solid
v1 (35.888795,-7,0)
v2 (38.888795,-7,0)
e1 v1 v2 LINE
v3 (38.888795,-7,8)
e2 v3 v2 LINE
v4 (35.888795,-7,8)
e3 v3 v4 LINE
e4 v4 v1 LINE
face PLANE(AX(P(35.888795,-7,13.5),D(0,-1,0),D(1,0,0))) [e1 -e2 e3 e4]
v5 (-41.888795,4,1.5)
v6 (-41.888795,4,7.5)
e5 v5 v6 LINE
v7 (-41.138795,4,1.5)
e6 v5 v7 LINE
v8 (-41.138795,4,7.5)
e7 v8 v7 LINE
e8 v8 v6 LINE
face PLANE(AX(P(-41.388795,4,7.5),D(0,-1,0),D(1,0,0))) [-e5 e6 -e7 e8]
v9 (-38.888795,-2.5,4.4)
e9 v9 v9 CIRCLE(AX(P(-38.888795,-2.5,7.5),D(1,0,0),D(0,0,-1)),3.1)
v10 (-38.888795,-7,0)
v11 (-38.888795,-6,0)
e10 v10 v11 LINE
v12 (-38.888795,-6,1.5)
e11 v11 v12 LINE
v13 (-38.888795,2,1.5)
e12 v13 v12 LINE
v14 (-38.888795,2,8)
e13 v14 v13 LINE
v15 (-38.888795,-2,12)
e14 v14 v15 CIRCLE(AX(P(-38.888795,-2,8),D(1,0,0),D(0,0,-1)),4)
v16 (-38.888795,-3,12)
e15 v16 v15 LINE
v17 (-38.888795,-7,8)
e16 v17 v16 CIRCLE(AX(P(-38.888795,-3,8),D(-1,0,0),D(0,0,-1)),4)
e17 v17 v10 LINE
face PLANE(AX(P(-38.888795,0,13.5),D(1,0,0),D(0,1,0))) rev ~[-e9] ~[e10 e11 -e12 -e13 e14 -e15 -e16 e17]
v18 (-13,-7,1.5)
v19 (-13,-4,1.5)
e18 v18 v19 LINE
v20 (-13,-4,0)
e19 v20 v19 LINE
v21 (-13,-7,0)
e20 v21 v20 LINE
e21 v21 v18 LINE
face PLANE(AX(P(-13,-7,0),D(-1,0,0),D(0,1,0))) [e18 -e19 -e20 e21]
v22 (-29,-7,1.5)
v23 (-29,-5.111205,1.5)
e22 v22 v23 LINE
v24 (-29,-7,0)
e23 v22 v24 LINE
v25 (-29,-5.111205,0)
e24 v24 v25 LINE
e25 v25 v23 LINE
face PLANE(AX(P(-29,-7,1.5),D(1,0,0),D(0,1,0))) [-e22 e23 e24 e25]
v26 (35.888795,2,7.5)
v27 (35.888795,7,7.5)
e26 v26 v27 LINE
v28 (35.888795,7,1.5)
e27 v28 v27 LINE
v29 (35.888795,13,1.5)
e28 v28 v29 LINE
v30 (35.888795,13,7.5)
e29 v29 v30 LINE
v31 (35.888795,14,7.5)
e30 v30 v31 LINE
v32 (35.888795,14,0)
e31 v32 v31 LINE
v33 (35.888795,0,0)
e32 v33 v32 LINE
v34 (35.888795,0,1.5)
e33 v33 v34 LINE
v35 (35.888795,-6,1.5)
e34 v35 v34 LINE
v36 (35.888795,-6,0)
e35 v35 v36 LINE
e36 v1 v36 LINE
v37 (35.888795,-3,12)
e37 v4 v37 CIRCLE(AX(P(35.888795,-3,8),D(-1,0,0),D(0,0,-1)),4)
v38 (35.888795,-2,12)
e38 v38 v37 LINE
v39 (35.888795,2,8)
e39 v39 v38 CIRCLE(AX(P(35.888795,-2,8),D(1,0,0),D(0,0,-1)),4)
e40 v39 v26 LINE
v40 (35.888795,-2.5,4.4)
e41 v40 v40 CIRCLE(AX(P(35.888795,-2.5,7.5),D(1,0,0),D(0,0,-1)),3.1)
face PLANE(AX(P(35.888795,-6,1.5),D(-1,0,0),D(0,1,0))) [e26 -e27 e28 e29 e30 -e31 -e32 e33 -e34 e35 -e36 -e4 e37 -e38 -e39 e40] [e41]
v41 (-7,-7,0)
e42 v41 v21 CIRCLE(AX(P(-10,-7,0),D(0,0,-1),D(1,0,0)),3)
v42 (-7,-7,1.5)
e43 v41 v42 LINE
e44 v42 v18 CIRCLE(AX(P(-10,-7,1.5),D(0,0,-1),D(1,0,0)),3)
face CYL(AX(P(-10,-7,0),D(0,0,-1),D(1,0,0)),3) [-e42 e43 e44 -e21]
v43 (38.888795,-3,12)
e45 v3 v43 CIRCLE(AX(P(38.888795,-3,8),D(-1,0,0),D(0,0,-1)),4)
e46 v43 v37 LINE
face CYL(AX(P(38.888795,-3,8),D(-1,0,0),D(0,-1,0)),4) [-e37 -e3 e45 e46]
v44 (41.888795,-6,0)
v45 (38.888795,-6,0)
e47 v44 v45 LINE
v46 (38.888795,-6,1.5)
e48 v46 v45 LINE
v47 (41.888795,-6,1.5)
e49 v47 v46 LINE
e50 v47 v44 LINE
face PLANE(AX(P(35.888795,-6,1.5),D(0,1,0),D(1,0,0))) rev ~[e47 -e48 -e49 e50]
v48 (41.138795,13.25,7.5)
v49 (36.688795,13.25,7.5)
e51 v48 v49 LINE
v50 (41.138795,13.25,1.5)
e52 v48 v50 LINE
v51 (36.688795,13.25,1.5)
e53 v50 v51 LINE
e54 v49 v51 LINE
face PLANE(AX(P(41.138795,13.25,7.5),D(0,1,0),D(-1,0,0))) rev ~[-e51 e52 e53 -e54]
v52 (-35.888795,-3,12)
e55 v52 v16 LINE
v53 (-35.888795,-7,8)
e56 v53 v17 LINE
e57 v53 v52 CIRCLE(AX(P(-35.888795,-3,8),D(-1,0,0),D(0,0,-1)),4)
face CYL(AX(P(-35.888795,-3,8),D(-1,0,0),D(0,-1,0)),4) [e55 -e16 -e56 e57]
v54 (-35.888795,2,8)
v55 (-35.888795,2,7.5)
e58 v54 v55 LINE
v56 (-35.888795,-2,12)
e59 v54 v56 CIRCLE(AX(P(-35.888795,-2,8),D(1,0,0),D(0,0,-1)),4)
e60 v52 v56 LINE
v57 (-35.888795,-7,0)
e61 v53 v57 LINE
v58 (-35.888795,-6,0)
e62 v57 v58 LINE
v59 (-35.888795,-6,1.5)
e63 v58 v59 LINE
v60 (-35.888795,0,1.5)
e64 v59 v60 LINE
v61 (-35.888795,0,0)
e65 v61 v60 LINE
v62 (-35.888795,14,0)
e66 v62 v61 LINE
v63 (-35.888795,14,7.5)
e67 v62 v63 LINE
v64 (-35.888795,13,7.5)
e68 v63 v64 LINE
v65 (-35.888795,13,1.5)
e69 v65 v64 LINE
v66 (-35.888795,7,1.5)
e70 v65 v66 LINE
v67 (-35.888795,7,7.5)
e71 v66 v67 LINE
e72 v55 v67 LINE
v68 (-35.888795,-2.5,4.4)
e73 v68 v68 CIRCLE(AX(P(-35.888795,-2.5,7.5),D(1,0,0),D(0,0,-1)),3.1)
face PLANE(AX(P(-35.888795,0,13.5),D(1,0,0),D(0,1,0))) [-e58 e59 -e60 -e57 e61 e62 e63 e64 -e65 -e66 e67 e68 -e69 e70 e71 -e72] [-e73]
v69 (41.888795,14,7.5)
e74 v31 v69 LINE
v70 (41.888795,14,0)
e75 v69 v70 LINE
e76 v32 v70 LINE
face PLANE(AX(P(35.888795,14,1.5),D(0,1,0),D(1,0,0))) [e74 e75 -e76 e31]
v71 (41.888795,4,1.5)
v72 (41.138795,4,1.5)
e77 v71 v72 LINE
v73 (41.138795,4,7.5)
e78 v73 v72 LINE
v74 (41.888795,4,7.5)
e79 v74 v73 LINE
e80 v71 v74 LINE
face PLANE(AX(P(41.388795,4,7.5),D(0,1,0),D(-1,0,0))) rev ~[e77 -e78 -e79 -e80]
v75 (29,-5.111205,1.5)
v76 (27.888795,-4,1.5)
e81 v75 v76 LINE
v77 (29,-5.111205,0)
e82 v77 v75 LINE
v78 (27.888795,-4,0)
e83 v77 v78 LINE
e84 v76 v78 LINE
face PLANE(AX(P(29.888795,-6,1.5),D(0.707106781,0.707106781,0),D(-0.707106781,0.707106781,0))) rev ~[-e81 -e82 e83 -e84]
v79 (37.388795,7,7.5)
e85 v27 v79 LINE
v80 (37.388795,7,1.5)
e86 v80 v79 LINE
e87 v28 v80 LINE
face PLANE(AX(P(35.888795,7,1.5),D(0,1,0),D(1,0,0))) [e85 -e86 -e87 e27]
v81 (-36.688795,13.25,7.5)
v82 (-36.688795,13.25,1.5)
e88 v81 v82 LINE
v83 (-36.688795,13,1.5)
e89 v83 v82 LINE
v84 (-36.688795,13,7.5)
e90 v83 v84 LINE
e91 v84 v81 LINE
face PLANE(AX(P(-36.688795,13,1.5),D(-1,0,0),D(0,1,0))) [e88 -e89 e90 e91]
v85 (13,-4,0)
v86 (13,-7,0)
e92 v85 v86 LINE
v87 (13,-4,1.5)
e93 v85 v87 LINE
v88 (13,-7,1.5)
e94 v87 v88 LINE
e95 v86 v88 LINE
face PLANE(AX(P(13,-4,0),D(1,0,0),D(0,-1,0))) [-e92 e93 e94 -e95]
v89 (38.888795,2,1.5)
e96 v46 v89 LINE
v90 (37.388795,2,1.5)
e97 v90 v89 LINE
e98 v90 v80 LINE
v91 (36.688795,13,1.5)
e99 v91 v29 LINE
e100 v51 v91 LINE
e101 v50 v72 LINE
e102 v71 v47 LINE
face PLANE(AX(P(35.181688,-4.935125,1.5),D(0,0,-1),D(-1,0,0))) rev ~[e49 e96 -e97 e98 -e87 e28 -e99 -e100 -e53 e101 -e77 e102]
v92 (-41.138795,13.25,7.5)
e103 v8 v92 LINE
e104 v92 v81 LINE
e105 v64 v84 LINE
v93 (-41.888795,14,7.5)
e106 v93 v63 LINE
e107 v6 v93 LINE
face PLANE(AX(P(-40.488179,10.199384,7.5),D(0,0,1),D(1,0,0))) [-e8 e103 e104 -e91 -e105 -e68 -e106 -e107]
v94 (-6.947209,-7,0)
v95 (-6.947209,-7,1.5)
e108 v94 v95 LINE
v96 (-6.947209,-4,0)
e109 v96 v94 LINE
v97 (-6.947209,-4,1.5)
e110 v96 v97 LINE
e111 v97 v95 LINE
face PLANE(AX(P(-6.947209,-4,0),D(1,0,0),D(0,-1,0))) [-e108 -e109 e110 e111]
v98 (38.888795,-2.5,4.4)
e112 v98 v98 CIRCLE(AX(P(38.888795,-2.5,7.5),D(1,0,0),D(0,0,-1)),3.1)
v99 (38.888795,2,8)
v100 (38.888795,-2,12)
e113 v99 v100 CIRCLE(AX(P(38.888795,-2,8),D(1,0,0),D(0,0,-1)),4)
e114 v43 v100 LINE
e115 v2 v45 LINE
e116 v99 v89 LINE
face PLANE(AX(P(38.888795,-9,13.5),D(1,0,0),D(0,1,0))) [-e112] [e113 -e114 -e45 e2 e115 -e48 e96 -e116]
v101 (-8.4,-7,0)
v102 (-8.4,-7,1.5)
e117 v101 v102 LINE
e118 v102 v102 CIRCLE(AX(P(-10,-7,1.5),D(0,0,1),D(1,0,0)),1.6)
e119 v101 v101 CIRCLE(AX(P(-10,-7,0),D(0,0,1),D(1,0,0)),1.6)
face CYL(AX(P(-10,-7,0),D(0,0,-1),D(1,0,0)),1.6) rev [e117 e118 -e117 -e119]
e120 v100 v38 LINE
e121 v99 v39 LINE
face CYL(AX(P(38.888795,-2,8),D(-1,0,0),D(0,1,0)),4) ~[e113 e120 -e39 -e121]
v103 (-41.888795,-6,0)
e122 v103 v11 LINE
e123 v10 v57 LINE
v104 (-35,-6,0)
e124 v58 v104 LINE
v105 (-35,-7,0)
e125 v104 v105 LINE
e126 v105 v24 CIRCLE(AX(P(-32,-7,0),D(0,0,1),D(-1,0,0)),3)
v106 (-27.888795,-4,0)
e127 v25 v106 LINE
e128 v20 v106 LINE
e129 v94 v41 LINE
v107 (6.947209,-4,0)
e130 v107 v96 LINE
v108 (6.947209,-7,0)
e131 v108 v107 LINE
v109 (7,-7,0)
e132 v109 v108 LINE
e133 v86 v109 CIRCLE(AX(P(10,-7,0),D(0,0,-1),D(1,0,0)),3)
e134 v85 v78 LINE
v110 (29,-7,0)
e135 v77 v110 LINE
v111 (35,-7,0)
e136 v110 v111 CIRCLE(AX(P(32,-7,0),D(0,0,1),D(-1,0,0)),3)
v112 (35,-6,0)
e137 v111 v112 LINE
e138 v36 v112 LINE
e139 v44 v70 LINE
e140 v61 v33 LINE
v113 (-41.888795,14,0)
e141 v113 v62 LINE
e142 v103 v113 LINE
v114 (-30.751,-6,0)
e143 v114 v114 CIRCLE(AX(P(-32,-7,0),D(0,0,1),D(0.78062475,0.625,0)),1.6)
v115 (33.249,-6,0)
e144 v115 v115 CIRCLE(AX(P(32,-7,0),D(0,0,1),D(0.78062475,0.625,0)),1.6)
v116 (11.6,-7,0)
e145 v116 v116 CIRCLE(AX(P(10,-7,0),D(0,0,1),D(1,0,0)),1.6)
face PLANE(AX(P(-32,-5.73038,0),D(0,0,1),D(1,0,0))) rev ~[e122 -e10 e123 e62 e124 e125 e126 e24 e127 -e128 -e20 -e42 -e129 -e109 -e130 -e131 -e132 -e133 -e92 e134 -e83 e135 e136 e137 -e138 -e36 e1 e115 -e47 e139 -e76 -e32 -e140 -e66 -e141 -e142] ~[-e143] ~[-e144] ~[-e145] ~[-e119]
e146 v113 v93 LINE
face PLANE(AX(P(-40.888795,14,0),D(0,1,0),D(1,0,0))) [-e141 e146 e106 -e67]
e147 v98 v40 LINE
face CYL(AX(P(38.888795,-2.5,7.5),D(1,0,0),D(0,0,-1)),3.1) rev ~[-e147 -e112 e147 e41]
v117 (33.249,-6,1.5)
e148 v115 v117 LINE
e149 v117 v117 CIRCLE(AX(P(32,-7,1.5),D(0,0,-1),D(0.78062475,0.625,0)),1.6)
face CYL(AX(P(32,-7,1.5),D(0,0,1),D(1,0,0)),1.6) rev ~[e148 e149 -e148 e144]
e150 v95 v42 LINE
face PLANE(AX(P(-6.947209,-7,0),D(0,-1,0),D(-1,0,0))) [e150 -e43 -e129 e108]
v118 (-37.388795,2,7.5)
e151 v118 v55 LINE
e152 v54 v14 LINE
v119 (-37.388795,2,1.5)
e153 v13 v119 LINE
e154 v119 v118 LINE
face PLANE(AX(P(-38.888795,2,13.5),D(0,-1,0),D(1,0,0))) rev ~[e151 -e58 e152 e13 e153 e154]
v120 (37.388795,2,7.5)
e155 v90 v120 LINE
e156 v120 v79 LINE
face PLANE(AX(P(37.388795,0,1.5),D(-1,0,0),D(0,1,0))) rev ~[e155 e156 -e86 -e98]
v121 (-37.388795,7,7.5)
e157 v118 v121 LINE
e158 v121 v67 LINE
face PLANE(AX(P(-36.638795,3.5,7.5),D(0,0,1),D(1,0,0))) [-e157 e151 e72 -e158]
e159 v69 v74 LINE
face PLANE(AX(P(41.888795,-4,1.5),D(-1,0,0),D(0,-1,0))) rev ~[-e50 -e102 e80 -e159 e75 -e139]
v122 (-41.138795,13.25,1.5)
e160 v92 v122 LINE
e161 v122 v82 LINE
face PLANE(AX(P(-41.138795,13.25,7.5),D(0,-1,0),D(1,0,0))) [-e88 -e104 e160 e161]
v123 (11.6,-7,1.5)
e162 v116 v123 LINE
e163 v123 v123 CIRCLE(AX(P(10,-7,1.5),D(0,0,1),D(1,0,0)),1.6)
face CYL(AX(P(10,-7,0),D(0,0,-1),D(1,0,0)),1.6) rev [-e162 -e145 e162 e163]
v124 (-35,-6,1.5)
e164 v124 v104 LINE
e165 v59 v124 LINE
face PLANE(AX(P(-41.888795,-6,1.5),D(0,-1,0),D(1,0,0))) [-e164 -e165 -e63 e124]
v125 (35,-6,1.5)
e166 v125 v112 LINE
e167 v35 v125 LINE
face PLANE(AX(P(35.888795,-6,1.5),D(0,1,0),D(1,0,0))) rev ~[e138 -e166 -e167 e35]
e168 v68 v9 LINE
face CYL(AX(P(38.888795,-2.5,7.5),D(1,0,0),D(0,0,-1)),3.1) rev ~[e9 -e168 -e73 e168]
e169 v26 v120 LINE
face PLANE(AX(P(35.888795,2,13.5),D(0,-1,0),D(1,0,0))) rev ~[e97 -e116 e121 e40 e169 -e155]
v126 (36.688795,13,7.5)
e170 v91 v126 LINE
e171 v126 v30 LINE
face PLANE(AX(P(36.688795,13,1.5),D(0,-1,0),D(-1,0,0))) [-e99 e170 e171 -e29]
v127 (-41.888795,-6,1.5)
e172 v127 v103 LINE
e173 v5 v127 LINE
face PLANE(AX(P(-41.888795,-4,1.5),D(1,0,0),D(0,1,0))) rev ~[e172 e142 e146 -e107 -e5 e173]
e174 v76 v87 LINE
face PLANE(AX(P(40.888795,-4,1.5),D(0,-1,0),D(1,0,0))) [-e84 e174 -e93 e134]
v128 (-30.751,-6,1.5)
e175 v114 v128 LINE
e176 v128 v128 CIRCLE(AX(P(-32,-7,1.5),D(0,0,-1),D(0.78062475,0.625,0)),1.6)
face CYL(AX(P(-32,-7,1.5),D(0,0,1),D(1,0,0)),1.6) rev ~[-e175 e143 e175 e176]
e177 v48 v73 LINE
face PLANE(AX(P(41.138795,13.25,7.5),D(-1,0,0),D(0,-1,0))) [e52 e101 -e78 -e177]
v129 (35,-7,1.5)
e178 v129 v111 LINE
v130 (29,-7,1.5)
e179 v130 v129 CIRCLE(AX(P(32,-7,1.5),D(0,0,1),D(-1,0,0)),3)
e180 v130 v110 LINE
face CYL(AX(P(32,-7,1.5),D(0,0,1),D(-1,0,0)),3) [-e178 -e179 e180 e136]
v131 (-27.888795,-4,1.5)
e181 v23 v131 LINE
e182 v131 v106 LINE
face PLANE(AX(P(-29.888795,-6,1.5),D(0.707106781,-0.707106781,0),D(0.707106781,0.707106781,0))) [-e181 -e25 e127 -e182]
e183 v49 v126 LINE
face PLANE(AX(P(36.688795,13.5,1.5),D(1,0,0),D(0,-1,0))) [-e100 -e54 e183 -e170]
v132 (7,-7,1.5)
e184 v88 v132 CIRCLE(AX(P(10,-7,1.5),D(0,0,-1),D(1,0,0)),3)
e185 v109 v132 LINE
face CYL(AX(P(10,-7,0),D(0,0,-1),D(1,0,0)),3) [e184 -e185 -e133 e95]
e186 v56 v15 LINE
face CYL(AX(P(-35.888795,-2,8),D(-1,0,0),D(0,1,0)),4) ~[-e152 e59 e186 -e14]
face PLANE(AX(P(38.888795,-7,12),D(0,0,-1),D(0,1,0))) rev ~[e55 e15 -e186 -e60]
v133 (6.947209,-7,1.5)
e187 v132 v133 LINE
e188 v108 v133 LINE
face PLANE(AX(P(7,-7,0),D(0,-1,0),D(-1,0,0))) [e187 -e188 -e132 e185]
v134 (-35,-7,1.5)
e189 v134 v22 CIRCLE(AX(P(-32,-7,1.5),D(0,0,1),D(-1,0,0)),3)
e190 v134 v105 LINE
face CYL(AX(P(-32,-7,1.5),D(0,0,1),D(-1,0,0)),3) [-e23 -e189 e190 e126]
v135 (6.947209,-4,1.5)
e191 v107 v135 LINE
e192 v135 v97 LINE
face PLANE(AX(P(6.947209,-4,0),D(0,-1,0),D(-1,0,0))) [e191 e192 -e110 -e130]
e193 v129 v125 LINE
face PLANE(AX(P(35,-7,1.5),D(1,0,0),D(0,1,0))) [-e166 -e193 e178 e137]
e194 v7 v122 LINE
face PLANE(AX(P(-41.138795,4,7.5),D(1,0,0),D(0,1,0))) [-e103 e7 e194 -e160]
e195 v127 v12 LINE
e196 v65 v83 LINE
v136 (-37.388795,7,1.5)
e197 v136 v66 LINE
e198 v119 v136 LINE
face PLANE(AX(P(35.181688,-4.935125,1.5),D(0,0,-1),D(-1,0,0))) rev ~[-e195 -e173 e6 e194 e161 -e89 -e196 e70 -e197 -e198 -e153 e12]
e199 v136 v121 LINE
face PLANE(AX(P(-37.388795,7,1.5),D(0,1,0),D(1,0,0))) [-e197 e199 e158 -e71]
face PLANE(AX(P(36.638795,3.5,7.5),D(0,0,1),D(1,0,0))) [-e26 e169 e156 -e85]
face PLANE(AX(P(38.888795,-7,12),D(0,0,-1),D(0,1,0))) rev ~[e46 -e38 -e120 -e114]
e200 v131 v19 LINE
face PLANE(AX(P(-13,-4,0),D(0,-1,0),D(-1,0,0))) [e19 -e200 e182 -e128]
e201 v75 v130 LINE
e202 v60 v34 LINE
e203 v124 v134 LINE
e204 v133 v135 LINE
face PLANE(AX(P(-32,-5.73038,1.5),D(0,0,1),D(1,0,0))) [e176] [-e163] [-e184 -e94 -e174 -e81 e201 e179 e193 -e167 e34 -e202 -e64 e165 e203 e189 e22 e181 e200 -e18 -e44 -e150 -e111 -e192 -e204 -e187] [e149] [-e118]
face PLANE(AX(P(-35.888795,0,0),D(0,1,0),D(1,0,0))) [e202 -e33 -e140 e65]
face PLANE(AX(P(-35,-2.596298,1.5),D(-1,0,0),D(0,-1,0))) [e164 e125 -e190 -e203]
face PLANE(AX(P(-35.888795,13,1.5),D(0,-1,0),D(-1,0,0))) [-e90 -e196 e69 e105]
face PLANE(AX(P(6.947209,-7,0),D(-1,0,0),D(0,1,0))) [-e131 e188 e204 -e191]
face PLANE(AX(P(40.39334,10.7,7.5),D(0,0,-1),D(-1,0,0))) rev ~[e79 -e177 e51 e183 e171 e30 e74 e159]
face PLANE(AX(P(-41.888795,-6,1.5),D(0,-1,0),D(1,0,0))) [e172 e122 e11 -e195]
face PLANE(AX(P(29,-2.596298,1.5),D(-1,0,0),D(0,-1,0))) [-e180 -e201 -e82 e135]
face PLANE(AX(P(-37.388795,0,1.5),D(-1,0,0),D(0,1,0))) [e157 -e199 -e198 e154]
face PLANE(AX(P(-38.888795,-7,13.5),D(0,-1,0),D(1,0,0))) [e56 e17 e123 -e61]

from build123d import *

# Parameters (mm, degrees)
SKETCH1_R            = 1.6
BOSS_EXTRUDE1_DEPTH  = 1.5
SKETCH2_W            = 1
SKETCH2_H            = 18
BOSS_EXTRUDE2_DEPTH  = 1.5
BOSS_EXTRUDE3_DEPTH  = 6
BOSS_EXTRUDE4_DEPTH  = 6
SKETCH5_W            = 1.5
SKETCH5_H            = 7
BOSS_EXTRUDE5_DEPTH  = 6
BOSS_EXTRUDE6_DEPTH  = 1.5
SKETCH7_W            = 3
SKETCH7_H            = 6
BOSS_EXTRUDE7_DEPTH  = 12
SKETCH8_W            = 3
SKETCH8_H            = 9
BOSS_EXTRUDE8_DEPTH  = 13.5
SKETCH10_W           = 3
SKETCH10_H           = 2
CUT_EXTRUDE2_DEPTH   = 141
SKETCH11_W           = 3
SKETCH11_H           = 2
BOSS_EXTRUDE9_DEPTH  = 12
SKETCH12_R           = 3.1
SKETCH12_W           = 1.5
SKETCH12_H           = 9
CUT_EXTRUDE6_DEPTH   = 86
FILLET4_R            = 4
SKETCH13_R           = 1.6
BOSS_EXTRUDE10_DEPTH = 1.5
SKETCH14_R           = 1.6
CUT_EXTRUDE7_DEPTH   = 1.5


with BuildPart() as part:
    # Sketch1 → Boss-Extrude1 (new body)
    with BuildSketch(Plane.XY):
        with BuildLine():
            Line((-35.88879481, 0), (35.88879481, 0))
            Line((35.88879481, 0), (35.88879481, 14))
            Line((35.88879481, 14), (40.88879481, 14))
            Line((40.88879481, 14), (40.88879481, -4))
            Line((40.88879481, -4), (35.88879481, -4))
            Line((35.88879481, -4), (13, -4))
            Line((13, -4), (13, -7))
            ThreePointArc((13, -7), (10, -10), (7, -7))
            Line((7, -7), (6.947208763, -7))
            Line((6.947208763, -7), (6.947208763, -4))
            Line((6.947208763, -4), (-6.947208763, -4))
            Line((-6.947208763, -4), (-6.947208763, -7))
            Line((-6.947208763, -7), (-7, -7))
            ThreePointArc((-7, -7), (-10, -10), (-13, -7))
            Line((-13, -7), (-13, -4))
            Line((-13, -4), (-35.88879481, -4))
            Line((-35.88879481, -4), (-40.88879481, -4))
            Line((-40.88879481, -4), (-40.88879481, 14))
            Line((-40.88879481, 14), (-35.88879481, 14))
            Line((-35.88879481, 14), (-35.88879481, 0))
        make_face()
        with Locations((10, -7)):
            Circle(SKETCH1_R, mode=Mode.SUBTRACT)
        with Locations((-10, -7)):
            Circle(SKETCH1_R, mode=Mode.SUBTRACT)
    extrude(amount=BOSS_EXTRUDE1_DEPTH)

    # Sketch2 → Boss-Extrude2 (add)
    with BuildSketch(Plane.XY.offset(1.5)):
        with Locations((41.38879481, 5)):
            Rectangle(SKETCH2_W, SKETCH2_H)
        with Locations((-41.38879481, 5)):
            Rectangle(SKETCH2_W, SKETCH2_H)
    extrude(amount=-BOSS_EXTRUDE2_DEPTH)

    # Sketch3 → Boss-Extrude3 (add)
    with BuildSketch(Plane.XY.offset(1.5)):
        Polygon((35.88879481, 14), (41.88879481, 14), (41.88879481, 4), (41.38879481, 4), (41.38879481, 13.5), (36.68879481, 13.5), (36.68879481, 13), (35.88879481, 13), align=None)
        Polygon((-36.68879481, 13.5), (-41.38879481, 13.5), (-41.38879481, 4), (-41.88879481, 4), (-41.88879481, 14), (-35.88879481, 14), (-35.88879481, 13), (-36.68879481, 13), align=None)
    extrude(amount=BOSS_EXTRUDE3_DEPTH)

    # Sketch4 → Boss-Extrude4 (add)
    with BuildSketch(Plane.XY.offset(7.5)):
        Polygon((-41.38879481, 4), (-41.13879481, 4), (-41.13879481, 13.12888012), (-41.13879481, 13.25), (-36.68879481, 13.25), (-36.68879481, 13.5), (-41.38879481, 13.5), align=None)
        Polygon((41.38879481, 13.5), (41.38879481, 4), (41.13879481, 4), (41.13879481, 13.12888012), (41.13879481, 13.25), (36.68879481, 13.25), (36.68879481, 13.5), align=None)
    extrude(amount=-BOSS_EXTRUDE4_DEPTH)

    # Sketch5 → Boss-Extrude5 (add)
    with BuildSketch(Plane.XY.offset(1.5)):
        with Locations((-36.63879481, 3.5)):
            Rectangle(SKETCH5_W, SKETCH5_H)
        with Locations((36.63879481, 3.5)):
            Rectangle(SKETCH5_W, SKETCH5_H)
    extrude(amount=BOSS_EXTRUDE5_DEPTH)

    # Sketch6 → Boss-Extrude6 (add)
    with BuildSketch(Plane.XY.offset(1.5)):
        Polygon((41.88879481, -4), (41.88879481, -6), (29.88879481, -6), (27.88879481, -4), align=None)
        Polygon((-27.88879481, -4), (-41.88879481, -4), (-41.88879481, -6), (-29.88879481, -6), align=None)
    extrude(amount=-BOSS_EXTRUDE6_DEPTH)

    # Sketch7 → Boss-Extrude7 (add)
    with BuildSketch(Plane.XY.offset(1.5)):
        with Locations((37.38879481, -3)):
            Rectangle(SKETCH7_W, SKETCH7_H)
        with Locations((-37.38879481, -3)):
            Rectangle(SKETCH7_W, SKETCH7_H)
    extrude(amount=BOSS_EXTRUDE7_DEPTH)

    # Sketch8 → Boss-Extrude8 (add)
    with BuildSketch(Plane.XY.offset(13.5)):
        with Locations((-37.38879481, -4.5)):
            Rectangle(SKETCH8_W, SKETCH8_H)
        with Locations((37.38879481, -4.5)):
            Rectangle(SKETCH8_W, SKETCH8_H)
    extrude(amount=-BOSS_EXTRUDE8_DEPTH)

    # Sketch10 → Cut-Extrude2 (cut)
    with BuildSketch(Plane.XY.offset(13.5)):
        with Locations((-37.38879481, -8)):
            Rectangle(SKETCH10_W, SKETCH10_H)
        with Locations((37.38879481, -8)):
            Rectangle(SKETCH10_W, SKETCH10_H)
    extrude(amount=-CUT_EXTRUDE2_DEPTH, mode=Mode.SUBTRACT)

    # Sketch11 → Boss-Extrude9 (add)
    with BuildSketch(Plane.XY.offset(13.5)):
        with Locations((-37.38879481, 1)):
            Rectangle(SKETCH11_W, SKETCH11_H)
        with Locations((37.38879481, 1)):
            Rectangle(SKETCH11_W, SKETCH11_H)
    extrude(amount=-BOSS_EXTRUDE9_DEPTH)

    # Sketch12 → Cut-Extrude6 (cut)
    with BuildSketch(Plane(origin=(38.88879481, 0, 0), x_dir=(0, 0, -1), z_dir=(1, 0, 0))):
        with Locations((-7.5, -2.5)):
            Circle(SKETCH12_R)
        with Locations((-12.75, -2.5)):
            Rectangle(SKETCH12_W, SKETCH12_H)
    extrude(amount=-CUT_EXTRUDE6_DEPTH, mode=Mode.SUBTRACT)

    # Fillet4
    fillet4_edges = [part.edges().sort_by_distance(p)[0] for p in [
        (37.38879481, 2, 12),
        (37.38879481, -7, 12),
        (-37.38879481, -7, 12),
        (-37.38879481, 2, 12),
    ]]
    fillet(fillet4_edges, radius=FILLET4_R)

    # Sketch13 → Boss-Extrude10 (add)
    with BuildSketch(Plane.XY.offset(1.5)):
        with BuildLine():
            Line((-29, -7), (-29, -2.59629788))
            Line((-29, -2.59629788), (-35, -2.59629788))
            Line((-35, -2.59629788), (-35, -7))
            ThreePointArc((-35, -7), (-32, -10), (-29, -7))
        make_face()
        with Locations((-32, -7)):
            Circle(SKETCH13_R, mode=Mode.SUBTRACT)
        with BuildLine():
            Line((35, -2.59629788), (29, -2.59629788))
            Line((29, -2.59629788), (29, -7))
            ThreePointArc((29, -7), (32, -10), (35, -7))
            Line((35, -7), (35, -2.59629788))
        make_face()
        with Locations((32, -7)):
            Circle(SKETCH13_R, mode=Mode.SUBTRACT)
    extrude(amount=-BOSS_EXTRUDE10_DEPTH)

    # Sketch14 → Cut-Extrude7 (cut)
    with BuildSketch(Plane.XY.offset(1.5)):
        with Locations((-32, -7)):
            Circle(SKETCH14_R)
        with Locations((32, -7)):
            Circle(SKETCH14_R)
    extrude(amount=-CUT_EXTRUDE7_DEPTH, mode=Mode.SUBTRACT)


solid = part.part
